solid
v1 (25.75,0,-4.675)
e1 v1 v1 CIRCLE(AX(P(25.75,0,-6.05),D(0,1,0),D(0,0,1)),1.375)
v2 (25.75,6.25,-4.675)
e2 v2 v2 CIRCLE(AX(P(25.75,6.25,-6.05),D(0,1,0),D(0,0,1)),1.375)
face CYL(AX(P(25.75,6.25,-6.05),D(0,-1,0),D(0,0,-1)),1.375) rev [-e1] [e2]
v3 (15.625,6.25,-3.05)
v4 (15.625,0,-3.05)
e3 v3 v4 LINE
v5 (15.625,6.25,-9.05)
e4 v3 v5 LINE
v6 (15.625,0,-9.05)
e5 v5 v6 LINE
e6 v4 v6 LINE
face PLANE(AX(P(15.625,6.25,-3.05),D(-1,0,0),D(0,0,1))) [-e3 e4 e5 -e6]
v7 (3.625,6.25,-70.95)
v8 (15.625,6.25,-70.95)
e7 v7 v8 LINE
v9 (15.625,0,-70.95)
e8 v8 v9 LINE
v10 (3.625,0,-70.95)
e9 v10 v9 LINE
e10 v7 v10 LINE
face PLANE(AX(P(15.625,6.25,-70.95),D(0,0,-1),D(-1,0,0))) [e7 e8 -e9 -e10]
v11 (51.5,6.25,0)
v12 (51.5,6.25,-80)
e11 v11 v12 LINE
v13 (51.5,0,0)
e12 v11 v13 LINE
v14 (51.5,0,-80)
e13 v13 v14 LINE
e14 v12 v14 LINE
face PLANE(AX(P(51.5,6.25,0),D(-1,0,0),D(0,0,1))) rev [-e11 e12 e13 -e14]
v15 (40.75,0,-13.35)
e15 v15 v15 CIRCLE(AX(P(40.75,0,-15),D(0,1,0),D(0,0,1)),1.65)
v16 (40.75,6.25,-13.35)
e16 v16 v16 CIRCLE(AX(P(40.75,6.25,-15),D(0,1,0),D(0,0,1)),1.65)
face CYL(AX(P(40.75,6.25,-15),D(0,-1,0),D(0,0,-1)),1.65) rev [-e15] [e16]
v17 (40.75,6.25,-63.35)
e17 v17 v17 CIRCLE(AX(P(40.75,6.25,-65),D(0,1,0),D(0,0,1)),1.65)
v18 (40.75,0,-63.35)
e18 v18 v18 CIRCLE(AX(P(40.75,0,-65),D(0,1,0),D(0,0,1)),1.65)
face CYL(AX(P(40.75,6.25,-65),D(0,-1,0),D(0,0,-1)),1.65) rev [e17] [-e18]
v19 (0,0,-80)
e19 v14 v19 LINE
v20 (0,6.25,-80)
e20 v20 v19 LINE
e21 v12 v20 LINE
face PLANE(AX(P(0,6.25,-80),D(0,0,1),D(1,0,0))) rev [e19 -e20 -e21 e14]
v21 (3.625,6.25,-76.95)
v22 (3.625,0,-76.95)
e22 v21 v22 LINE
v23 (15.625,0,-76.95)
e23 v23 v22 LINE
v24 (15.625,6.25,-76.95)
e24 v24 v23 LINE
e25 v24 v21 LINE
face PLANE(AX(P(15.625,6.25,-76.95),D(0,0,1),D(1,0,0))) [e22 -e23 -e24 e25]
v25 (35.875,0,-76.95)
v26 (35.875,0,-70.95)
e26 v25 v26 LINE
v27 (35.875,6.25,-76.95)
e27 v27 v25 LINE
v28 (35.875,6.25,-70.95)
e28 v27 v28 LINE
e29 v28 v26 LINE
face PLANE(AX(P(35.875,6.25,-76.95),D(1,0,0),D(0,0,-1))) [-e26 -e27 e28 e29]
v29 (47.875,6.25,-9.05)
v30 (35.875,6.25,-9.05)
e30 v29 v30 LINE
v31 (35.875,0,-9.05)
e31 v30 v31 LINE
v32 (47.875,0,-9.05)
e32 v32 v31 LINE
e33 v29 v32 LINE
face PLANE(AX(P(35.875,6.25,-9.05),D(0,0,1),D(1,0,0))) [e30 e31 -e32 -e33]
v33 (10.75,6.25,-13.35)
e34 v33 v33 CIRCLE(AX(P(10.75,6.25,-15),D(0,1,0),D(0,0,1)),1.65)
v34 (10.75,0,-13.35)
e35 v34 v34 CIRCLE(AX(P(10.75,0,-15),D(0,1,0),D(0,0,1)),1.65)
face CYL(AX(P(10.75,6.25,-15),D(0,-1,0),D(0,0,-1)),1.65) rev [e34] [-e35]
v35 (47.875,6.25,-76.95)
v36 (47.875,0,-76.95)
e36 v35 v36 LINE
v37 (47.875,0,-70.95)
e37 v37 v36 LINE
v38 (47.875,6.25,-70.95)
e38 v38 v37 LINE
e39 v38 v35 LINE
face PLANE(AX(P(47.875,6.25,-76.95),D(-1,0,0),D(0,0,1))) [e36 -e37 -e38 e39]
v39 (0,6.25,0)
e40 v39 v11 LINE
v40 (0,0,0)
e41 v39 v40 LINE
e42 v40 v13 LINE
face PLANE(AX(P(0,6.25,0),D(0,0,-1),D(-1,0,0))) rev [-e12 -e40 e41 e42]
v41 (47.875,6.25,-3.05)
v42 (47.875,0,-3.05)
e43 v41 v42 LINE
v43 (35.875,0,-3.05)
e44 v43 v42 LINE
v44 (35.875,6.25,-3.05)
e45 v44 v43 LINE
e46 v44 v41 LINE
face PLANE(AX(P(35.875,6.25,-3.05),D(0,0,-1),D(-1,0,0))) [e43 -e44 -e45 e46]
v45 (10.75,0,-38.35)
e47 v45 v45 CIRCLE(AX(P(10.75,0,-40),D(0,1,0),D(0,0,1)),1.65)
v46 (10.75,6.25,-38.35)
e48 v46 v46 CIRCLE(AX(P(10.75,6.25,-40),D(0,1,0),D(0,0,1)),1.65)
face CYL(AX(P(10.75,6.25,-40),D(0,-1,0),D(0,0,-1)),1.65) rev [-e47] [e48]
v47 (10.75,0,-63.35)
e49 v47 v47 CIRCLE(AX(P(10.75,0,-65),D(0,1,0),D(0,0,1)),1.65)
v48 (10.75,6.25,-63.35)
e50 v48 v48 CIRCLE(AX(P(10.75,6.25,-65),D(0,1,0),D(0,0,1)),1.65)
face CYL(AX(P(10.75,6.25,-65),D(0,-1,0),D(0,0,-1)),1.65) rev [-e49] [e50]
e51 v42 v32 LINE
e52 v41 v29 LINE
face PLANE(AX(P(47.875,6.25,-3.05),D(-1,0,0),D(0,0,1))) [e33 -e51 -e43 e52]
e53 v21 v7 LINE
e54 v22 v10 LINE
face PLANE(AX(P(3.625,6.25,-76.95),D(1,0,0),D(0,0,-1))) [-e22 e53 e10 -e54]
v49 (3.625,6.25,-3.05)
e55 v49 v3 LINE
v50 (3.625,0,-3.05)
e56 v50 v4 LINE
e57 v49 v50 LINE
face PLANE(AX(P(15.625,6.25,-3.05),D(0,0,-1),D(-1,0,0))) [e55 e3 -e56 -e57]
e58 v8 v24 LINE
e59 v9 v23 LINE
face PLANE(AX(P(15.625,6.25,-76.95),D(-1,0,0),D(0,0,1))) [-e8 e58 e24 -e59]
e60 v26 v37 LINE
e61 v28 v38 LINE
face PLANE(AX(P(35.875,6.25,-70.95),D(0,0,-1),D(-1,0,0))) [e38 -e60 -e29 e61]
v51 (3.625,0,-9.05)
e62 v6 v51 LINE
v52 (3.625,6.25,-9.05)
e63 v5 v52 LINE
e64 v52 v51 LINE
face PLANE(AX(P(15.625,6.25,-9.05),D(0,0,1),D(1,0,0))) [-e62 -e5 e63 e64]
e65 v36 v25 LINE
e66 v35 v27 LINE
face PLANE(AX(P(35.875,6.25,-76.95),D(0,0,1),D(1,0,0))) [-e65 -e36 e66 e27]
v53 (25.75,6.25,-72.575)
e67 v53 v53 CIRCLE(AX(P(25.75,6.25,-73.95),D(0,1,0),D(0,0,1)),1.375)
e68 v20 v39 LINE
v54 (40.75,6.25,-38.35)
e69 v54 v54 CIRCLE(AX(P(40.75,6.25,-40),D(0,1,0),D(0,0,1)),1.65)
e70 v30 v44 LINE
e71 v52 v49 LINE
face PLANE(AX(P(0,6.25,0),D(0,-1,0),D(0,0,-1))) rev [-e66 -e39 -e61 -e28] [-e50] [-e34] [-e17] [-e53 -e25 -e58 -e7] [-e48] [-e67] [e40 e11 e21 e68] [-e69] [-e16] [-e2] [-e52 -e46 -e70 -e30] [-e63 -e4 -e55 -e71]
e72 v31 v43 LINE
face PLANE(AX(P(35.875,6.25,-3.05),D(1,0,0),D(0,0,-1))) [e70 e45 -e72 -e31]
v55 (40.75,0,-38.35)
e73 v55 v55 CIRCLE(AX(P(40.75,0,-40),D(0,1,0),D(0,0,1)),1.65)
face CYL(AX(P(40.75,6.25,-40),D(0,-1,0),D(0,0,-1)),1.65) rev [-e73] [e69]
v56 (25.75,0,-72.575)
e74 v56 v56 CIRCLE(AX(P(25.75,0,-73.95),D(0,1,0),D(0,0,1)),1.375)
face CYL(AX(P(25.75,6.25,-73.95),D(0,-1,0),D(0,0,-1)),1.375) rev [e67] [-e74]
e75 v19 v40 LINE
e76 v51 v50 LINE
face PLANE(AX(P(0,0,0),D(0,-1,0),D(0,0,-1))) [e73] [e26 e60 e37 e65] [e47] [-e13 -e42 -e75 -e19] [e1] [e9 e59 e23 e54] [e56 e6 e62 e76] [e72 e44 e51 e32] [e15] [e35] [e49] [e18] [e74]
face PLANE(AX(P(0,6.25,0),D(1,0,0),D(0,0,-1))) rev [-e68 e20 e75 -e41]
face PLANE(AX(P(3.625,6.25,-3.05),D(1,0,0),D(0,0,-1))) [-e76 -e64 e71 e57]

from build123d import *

# Parameters (mm, degrees)
SKETCH1_W           = 51.5
SKETCH1_H           = 80
SKETCH1_R           = 1.65
SKETCH1_R_2         = 1.375
SKETCH1_W_2         = 12
SKETCH1_H_2         = 6
BOSS_EXTRUDE1_DEPTH = 6.25


with BuildPart() as part:
    # Sketch1 → Boss-Extrude1 (new body)
    with BuildSketch(Plane(origin=(0, 0, 0), x_dir=(1, 0, 0), z_dir=(0, 1, 0))):
        with Locations((25.75, 40)):
            Rectangle(SKETCH1_W, SKETCH1_H)
        with Locations(Location((10.75, 15, 0), (0, 0, 270))):
            Circle(SKETCH1_R, mode=Mode.SUBTRACT)
        with Locations(Location((40.75, 15, 0), (0, 0, 270))):
            Circle(SKETCH1_R, mode=Mode.SUBTRACT)
        with Locations(Location((25.75, 73.95, 0), (0, 0, 270))):
            Circle(SKETCH1_R_2, mode=Mode.SUBTRACT)
        with Locations(Location((40.75, 40, 0), (0, 0, 270))):
            Circle(SKETCH1_R, mode=Mode.SUBTRACT)
        with Locations(Location((25.75, 6.05, 0), (0, 0, 270))):
            Circle(SKETCH1_R_2, mode=Mode.SUBTRACT)
        with Locations(Location((40.75, 65, 0), (0, 0, 270))):
            Circle(SKETCH1_R, mode=Mode.SUBTRACT)
        with Locations(Location((10.75, 40, 0), (0, 0, 270))):
            Circle(SKETCH1_R, mode=Mode.SUBTRACT)
        with Locations(Location((10.75, 65, 0), (0, 0, 270))):
            Circle(SKETCH1_R, mode=Mode.SUBTRACT)
        with Locations((41.875, 73.95)):
            Rectangle(SKETCH1_W_2, SKETCH1_H_2, mode=Mode.SUBTRACT)
        with Locations((41.875, 6.05)):
            Rectangle(SKETCH1_W_2, SKETCH1_H_2, mode=Mode.SUBTRACT)
        with Locations((9.625, 6.05)):
            Rectangle(SKETCH1_W_2, SKETCH1_H_2, mode=Mode.SUBTRACT)
        with Locations((9.625, 73.95)):
            Rectangle(SKETCH1_W_2, SKETCH1_H_2, mode=Mode.SUBTRACT)
    extrude(amount=BOSS_EXTRUDE1_DEPTH)


solid = part.part
